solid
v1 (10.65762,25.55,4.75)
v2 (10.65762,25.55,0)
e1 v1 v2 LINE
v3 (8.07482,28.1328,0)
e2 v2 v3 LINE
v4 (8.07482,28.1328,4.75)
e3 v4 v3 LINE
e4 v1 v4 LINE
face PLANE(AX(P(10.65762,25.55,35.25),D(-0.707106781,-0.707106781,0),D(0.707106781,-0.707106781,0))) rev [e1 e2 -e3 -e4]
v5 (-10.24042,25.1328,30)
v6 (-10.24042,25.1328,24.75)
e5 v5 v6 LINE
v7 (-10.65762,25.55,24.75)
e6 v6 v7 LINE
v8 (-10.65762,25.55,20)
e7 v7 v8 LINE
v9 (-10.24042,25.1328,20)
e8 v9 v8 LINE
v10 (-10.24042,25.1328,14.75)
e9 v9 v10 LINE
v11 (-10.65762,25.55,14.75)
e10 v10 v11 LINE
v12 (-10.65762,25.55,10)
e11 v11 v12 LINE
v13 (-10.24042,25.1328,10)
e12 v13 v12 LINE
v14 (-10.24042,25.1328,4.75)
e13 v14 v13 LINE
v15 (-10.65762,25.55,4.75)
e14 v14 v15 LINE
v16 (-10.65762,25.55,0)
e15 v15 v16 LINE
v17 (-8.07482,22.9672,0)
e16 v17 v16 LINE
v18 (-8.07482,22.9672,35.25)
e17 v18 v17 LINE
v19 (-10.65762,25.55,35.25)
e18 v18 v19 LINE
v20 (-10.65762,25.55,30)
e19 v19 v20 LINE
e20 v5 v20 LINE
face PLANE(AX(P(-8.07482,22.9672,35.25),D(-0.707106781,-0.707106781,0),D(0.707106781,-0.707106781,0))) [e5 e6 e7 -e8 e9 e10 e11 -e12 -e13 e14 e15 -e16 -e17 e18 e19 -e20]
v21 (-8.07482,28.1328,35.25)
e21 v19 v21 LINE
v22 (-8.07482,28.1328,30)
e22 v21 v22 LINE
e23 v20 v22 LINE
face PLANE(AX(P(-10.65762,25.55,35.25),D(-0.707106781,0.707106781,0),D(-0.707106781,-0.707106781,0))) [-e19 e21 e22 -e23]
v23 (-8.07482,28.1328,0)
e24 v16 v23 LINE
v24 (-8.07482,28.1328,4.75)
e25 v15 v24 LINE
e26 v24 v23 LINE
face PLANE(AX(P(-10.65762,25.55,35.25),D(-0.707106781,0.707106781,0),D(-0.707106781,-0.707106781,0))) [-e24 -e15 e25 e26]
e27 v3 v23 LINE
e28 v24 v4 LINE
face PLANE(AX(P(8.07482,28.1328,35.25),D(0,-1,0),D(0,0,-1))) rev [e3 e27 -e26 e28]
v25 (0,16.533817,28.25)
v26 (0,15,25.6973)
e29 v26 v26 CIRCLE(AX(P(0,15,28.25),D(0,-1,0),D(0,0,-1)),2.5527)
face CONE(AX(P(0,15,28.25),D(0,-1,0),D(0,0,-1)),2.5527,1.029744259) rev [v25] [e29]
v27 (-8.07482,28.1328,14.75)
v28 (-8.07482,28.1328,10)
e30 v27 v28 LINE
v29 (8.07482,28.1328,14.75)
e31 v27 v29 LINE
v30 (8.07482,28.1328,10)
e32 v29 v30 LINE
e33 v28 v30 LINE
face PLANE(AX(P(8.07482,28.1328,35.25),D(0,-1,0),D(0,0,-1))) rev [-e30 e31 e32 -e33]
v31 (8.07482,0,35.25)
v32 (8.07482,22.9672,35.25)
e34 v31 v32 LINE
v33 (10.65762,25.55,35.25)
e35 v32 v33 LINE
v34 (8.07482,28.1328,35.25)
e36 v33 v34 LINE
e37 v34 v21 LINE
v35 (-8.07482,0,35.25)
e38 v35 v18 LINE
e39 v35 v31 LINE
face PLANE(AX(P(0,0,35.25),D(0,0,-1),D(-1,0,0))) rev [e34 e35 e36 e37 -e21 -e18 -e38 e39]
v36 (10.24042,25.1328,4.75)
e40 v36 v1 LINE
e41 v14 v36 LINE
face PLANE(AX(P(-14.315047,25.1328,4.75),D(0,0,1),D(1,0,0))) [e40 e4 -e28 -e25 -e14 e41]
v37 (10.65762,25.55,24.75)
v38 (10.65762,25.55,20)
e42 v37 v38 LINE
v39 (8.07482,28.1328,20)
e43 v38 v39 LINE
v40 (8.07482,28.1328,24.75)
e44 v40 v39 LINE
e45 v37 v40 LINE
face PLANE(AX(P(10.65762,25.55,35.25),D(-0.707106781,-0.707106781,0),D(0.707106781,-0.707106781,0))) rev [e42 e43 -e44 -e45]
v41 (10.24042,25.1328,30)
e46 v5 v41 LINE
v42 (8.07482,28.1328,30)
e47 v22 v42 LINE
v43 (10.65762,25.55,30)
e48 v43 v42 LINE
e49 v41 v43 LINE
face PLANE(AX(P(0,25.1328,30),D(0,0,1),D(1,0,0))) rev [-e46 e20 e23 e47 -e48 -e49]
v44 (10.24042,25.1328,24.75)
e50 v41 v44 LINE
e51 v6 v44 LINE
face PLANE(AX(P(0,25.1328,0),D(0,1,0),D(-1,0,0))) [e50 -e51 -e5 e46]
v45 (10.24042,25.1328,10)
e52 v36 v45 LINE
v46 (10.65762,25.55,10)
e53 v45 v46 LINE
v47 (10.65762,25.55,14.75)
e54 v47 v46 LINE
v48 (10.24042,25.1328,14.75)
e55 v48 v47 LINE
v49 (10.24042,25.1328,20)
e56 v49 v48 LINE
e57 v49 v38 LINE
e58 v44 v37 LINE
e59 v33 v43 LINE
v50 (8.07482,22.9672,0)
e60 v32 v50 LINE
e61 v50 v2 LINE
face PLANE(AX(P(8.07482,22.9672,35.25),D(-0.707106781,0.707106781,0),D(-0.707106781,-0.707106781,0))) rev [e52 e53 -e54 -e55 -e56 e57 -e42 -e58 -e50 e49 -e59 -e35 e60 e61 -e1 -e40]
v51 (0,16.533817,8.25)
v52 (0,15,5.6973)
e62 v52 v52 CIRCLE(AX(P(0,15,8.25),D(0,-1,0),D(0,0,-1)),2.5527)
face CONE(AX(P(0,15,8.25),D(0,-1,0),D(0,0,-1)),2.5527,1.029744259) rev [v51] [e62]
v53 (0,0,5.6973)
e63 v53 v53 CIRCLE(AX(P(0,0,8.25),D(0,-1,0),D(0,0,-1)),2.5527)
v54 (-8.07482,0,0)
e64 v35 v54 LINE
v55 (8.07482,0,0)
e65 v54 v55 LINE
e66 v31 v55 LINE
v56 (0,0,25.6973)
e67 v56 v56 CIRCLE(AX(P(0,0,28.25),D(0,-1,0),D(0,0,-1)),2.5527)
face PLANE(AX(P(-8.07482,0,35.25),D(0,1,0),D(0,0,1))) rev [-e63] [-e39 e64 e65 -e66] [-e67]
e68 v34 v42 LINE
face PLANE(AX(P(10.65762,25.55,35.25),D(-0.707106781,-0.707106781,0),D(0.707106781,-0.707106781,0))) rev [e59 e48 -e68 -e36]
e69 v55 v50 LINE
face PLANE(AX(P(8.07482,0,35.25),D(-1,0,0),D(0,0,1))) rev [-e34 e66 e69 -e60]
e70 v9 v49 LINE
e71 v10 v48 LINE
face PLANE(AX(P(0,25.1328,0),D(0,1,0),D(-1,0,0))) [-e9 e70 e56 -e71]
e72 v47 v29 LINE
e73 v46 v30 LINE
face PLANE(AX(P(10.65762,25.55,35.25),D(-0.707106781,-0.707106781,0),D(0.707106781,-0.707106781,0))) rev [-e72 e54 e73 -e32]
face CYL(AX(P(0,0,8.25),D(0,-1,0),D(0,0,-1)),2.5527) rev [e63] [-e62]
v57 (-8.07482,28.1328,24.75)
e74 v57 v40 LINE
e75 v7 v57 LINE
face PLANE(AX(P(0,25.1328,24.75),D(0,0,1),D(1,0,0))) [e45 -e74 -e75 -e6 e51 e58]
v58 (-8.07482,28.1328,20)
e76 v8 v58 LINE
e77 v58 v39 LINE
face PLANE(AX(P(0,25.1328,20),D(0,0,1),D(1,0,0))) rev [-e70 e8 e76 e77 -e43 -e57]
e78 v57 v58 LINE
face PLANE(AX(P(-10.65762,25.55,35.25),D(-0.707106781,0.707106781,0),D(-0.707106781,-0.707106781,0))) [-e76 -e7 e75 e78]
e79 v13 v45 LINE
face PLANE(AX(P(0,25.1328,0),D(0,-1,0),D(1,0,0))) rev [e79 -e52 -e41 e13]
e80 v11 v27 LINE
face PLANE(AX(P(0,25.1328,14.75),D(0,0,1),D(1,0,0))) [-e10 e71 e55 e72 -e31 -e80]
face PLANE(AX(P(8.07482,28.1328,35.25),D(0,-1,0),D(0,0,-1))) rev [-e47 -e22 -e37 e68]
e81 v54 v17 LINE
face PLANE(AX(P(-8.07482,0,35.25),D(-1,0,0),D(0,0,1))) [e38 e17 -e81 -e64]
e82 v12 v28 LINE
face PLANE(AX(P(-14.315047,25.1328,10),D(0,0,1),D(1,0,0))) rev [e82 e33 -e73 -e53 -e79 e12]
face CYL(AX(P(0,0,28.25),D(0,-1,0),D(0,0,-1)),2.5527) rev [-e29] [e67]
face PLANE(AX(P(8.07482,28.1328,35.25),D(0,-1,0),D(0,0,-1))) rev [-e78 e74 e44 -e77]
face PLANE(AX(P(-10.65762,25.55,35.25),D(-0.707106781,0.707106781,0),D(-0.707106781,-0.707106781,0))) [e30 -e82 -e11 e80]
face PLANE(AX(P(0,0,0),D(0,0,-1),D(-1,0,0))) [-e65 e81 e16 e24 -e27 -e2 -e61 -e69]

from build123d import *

# Parameters (mm, degrees)
BOSS_EXTRUDE1_DEPTH         = 35.25
F_1_4_20_TAPPED_HOLE1_D     = 5.1054
F_1_4_20_TAPPED_HOLE1_DEPTH = 15
F_1_4_20_TAPPED_HOLE1_TIP   = 1.533816902
SKETCH4_W                   = 6.24022781
SKETCH4_H                   = 5.25
SKETCH4_W_2                 = 16.14963906
SKETCH4_W_3                 = 28.63009468
CUT_EXTRUDE1_DEPTH          = 3


with BuildPart() as part:
    # Sketch1 → Boss-Extrude1 (new body)
    with BuildSketch(Plane.XY):
        Polygon((-8.07481953, 0), (8.07481953, 0), (8.07481953, 22.9672), (10.65761953, 25.55), (8.07481953, 28.1328), (-8.07481953, 28.1328), (-10.65761953, 25.55), (-8.07481953, 22.9672), align=None)
    extrude(amount=BOSS_EXTRUDE1_DEPTH)

    # 1/4-20 Tapped Hole1
    with Locations(Plane(origin=(0, 0, 0), x_dir=(-1, 0, 0), z_dir=(0, -1, 0))):
        with Locations((0, -8.25), (0, -28.25)):
            Hole(F_1_4_20_TAPPED_HOLE1_D / 2, depth=F_1_4_20_TAPPED_HOLE1_DEPTH)
            with Locations((0, 0, -(F_1_4_20_TAPPED_HOLE1_DEPTH + F_1_4_20_TAPPED_HOLE1_TIP / 2))):  # 118° drill point
                Cone(0, F_1_4_20_TAPPED_HOLE1_D / 2, F_1_4_20_TAPPED_HOLE1_TIP, mode=Mode.SUBTRACT)

    # Sketch4 → Cut-Extrude1 (cut)
    with BuildSketch(Plane(origin=(0, 28.1328, 0), x_dir=(1, 0, 0), z_dir=(0, 1, 0))):
        with Locations((-11.194933435, -17.375)):
            Rectangle(SKETCH4_W, SKETCH4_H)
        with Locations((0, -17.375)):
            Rectangle(SKETCH4_W_2, SKETCH4_H)
        with Locations((11.194933435, -17.375)):
            Rectangle(SKETCH4_W, SKETCH4_H)
        with Locations((-11.194933435, -27.375)):
            Rectangle(SKETCH4_W, SKETCH4_H)
        with Locations((0, -27.375)):
            Rectangle(SKETCH4_W_2, SKETCH4_H)
        with Locations((11.194933435, -27.375)):
            Rectangle(SKETCH4_W, SKETCH4_H)
        with Locations((0, -7.375)):
            Rectangle(SKETCH4_W_3, SKETCH4_H)
    extrude(amount=-CUT_EXTRUDE1_DEPTH, mode=Mode.SUBTRACT)


solid = part.part
